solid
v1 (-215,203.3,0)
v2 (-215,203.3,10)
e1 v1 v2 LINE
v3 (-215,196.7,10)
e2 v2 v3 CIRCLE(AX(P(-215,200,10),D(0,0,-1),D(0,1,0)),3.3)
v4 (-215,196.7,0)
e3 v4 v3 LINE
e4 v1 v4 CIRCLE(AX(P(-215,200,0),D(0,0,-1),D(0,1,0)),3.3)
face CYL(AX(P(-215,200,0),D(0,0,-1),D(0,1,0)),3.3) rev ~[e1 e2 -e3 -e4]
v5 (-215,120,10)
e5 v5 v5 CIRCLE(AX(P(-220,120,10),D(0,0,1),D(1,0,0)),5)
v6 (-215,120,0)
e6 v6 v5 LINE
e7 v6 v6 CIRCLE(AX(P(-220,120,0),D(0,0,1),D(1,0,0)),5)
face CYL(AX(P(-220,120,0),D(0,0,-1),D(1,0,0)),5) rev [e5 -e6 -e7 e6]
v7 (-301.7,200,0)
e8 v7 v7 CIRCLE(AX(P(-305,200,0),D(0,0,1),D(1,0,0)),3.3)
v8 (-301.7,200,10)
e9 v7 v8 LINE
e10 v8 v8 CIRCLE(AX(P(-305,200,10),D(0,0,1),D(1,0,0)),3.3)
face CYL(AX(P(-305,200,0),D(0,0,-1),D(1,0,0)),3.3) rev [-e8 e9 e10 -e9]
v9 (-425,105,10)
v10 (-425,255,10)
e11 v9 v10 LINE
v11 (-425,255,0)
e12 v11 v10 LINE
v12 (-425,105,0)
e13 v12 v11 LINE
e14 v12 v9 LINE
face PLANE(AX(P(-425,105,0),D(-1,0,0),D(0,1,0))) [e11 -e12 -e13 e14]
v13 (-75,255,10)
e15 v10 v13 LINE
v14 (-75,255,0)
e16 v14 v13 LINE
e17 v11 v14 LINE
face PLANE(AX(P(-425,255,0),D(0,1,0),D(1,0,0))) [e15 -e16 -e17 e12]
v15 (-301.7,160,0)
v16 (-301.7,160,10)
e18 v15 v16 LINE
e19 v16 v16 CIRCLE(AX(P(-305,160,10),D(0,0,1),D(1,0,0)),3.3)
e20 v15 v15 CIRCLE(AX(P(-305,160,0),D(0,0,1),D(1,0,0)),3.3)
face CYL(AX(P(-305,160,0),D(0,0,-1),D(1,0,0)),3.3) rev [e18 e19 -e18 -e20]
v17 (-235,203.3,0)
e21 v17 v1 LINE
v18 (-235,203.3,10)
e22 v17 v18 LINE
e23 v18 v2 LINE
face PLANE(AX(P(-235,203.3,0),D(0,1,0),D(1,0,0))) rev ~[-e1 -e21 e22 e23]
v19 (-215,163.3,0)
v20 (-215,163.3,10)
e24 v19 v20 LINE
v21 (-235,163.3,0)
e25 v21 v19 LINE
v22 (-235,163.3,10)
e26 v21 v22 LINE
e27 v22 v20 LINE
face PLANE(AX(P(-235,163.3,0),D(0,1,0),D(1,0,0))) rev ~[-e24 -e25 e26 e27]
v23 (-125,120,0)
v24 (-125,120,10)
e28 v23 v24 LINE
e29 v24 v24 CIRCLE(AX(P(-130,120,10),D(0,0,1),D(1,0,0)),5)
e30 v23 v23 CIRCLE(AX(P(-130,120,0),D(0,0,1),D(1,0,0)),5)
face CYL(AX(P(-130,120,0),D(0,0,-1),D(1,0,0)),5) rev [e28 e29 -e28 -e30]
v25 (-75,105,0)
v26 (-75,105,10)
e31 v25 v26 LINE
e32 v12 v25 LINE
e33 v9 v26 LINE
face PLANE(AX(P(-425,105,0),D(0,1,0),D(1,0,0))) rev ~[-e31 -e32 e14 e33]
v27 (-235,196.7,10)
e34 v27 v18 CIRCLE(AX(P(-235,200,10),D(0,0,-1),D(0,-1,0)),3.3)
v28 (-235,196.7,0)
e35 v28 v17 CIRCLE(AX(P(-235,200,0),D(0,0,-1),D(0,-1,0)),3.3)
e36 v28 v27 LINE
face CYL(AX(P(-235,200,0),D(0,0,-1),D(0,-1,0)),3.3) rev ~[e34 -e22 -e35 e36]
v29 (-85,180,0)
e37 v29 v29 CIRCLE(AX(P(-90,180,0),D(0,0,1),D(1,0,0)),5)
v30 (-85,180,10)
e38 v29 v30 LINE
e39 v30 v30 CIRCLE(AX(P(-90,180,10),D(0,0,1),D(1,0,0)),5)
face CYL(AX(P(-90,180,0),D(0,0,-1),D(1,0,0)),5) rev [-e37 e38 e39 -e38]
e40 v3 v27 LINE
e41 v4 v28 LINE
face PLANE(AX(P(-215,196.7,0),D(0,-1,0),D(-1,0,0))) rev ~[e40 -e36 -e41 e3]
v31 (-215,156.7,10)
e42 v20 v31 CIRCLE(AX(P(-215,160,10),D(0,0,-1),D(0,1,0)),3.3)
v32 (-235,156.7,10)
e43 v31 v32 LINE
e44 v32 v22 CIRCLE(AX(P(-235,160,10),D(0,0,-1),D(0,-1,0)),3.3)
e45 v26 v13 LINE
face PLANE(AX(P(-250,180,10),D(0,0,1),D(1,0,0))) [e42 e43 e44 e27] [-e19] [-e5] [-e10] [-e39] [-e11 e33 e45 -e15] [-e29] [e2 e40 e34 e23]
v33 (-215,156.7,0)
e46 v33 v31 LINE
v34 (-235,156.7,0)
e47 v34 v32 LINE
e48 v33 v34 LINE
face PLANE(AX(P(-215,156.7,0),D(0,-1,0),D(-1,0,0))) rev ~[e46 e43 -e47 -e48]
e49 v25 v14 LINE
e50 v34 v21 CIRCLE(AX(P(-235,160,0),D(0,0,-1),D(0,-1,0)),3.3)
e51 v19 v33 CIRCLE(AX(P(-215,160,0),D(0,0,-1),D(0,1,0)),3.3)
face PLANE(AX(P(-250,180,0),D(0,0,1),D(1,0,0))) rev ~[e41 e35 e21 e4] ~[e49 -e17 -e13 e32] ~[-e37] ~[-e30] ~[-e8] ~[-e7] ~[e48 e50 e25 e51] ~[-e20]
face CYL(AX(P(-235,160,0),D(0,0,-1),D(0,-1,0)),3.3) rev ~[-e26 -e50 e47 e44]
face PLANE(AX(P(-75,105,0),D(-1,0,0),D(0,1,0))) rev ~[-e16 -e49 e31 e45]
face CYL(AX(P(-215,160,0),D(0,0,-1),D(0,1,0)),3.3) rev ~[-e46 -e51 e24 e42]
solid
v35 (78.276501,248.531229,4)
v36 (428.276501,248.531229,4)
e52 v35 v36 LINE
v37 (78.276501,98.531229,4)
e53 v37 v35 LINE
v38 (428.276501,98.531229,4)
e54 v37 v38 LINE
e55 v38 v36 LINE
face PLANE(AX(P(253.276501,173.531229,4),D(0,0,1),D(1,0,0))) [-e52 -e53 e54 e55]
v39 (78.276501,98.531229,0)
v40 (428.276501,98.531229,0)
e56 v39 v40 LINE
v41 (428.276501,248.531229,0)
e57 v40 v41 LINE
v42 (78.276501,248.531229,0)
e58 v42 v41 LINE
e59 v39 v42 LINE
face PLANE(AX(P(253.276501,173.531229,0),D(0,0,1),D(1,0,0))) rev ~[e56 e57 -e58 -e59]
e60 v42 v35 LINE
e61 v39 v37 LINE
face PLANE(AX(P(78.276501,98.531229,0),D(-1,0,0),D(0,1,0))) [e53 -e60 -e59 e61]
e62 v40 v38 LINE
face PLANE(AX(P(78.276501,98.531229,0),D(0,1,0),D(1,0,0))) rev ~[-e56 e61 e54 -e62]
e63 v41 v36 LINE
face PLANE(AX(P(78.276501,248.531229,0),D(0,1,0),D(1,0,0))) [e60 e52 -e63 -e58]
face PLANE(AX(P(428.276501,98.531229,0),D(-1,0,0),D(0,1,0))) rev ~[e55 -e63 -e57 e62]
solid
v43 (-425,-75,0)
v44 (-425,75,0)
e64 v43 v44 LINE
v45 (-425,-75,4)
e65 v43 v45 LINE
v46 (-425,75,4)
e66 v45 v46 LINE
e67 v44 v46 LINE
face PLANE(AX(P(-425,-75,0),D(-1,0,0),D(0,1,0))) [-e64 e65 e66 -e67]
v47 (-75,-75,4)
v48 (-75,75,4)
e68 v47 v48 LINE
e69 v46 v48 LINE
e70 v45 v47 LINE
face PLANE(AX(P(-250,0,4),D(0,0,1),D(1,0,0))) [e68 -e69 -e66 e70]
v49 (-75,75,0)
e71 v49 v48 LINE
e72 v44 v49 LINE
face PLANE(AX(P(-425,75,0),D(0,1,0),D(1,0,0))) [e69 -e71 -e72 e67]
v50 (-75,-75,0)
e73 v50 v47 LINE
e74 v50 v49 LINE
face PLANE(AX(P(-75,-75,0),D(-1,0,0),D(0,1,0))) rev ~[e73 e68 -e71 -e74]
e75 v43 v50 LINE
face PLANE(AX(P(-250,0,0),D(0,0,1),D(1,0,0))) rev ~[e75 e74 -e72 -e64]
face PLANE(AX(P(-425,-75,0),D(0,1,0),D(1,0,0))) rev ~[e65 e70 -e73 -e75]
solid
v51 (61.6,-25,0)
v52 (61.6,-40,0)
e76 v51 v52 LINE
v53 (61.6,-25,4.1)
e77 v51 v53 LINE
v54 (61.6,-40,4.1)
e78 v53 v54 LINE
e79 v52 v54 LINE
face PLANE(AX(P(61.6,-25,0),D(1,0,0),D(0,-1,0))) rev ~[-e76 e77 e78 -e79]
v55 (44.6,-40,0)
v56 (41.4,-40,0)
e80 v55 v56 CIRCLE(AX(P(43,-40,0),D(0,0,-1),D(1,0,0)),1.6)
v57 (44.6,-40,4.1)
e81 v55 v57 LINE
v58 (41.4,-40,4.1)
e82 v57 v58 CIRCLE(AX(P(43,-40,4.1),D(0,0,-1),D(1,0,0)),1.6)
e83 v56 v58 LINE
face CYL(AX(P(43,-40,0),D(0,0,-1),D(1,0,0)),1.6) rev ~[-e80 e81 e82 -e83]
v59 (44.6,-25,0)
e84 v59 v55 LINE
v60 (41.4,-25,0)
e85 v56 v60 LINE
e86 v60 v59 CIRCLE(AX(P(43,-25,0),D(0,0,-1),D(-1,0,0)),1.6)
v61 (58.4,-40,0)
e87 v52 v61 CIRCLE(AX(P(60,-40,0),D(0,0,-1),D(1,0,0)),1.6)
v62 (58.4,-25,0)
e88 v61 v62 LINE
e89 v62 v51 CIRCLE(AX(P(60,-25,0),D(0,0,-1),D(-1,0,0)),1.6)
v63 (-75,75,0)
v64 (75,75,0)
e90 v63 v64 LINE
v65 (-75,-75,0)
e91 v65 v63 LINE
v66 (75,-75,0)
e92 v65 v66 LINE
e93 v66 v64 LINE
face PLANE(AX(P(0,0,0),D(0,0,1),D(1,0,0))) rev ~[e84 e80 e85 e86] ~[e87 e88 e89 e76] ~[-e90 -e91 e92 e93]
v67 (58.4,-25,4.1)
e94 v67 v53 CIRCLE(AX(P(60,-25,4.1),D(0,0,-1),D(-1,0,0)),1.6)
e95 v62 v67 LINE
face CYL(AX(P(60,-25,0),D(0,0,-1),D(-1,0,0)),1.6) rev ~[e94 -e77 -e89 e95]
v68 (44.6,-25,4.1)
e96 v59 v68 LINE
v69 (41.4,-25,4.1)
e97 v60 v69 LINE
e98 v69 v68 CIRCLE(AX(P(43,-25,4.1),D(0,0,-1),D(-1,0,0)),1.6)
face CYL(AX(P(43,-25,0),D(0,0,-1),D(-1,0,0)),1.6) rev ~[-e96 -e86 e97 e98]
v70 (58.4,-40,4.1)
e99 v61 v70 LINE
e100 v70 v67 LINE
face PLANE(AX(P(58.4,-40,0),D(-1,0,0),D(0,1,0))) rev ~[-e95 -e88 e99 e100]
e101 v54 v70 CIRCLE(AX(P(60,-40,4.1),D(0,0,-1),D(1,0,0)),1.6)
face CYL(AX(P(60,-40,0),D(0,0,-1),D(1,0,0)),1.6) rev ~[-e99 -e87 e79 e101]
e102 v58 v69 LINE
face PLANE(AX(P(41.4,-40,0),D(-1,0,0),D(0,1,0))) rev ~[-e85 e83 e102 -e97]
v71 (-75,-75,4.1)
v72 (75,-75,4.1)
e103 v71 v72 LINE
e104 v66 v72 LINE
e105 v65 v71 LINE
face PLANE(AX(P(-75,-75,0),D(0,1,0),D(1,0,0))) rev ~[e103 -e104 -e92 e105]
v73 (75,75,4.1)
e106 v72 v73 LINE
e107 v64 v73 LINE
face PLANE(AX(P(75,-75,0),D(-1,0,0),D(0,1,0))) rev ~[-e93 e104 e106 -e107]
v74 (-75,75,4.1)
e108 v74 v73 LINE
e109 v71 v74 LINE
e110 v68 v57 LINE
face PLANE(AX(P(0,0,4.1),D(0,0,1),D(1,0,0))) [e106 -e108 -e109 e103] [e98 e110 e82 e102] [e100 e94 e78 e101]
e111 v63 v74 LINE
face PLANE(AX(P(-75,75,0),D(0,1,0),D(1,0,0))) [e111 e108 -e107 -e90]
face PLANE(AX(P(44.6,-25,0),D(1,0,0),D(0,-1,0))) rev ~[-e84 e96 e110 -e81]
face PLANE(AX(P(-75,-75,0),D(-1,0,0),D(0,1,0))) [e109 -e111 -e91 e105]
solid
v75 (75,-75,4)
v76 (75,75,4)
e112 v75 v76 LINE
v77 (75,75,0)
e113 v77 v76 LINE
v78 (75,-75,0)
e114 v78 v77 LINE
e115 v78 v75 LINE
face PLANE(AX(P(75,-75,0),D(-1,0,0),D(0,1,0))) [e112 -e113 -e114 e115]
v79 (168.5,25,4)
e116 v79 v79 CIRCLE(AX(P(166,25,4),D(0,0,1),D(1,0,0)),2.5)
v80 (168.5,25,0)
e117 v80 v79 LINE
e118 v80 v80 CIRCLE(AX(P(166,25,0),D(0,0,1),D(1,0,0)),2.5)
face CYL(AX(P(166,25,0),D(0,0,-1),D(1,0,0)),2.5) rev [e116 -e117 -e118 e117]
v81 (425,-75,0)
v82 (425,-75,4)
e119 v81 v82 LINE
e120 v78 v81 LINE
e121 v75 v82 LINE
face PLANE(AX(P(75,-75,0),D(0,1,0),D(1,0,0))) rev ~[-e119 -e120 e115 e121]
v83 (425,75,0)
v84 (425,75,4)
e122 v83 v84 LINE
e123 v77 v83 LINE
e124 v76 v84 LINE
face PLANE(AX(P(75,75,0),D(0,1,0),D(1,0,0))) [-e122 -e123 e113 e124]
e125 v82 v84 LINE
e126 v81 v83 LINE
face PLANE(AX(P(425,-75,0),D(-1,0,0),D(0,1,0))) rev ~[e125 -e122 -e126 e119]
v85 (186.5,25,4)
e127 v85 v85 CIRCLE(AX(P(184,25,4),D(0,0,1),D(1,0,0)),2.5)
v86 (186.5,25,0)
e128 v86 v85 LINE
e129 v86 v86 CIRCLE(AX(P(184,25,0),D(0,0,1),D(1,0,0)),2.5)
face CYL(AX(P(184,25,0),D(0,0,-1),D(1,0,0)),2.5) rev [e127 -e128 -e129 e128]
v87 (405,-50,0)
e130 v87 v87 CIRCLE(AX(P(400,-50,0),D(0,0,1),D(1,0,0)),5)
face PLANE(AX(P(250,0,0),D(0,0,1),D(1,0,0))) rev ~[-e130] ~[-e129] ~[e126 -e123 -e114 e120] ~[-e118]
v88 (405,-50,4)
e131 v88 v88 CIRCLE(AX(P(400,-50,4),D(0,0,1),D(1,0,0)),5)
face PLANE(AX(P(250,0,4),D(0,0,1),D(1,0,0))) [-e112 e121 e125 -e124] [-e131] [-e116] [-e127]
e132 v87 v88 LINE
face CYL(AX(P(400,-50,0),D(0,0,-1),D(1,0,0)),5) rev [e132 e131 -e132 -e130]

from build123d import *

# Parameters (mm, degrees)
F0_W     = 350
F0_H     = 150
F0_R     = 5
F0_R_2   = 2.5
F1_DEPTH = 4
F0_W_2   = 150
F2_DEPTH = 4.1
F3_W     = 350
F3_H     = 150
F3_R     = 3.3
F3_R_2   = 5
F4_DEPTH = 10
F5_W     = 350
F5_H     = 150
F6_DEPTH = 4


with BuildPart() as f1:
    # F0 (on Top) → F1 (new body)
    with BuildSketch(Plane.XY):
        with Locations((-250, 0)):
            Rectangle(F0_W, F0_H)
        with Locations((250, 0)):
            Rectangle(F0_W, F0_H)
        with Locations((400, -50)):
            Circle(F0_R, mode=Mode.SUBTRACT)
        with Locations((166, 25)):
            Circle(F0_R_2, mode=Mode.SUBTRACT)
        with Locations((184, 25)):
            Circle(F0_R_2, mode=Mode.SUBTRACT)
    extrude(amount=F1_DEPTH)


with BuildPart() as f2:
    # F0 (on Top) → F2 (new body)
    with BuildSketch(Plane.XY):
        Rectangle(F0_W_2, F0_H)
        with BuildLine():
            Line((44.6, -25), (44.6, -40))
            ThreePointArc((44.6, -40), (43, -41.6), (41.4, -40))
            Line((41.4, -40), (41.4, -25))
            ThreePointArc((41.4, -25), (43, -23.4), (44.6, -25))
        make_face(mode=Mode.SUBTRACT)
        with BuildLine():
            Line((61.6, -25), (61.6, -40))
            ThreePointArc((61.6, -40), (60, -41.6), (58.4, -40))
            Line((58.4, -40), (58.4, -25))
            ThreePointArc((58.4, -25), (60, -23.4), (61.6, -25))
        make_face(mode=Mode.SUBTRACT)
    extrude(amount=F2_DEPTH)


with BuildPart() as f4:
    # F3 (on Top) → F4 (new body)
    with BuildSketch(Plane.XY):
        with Locations((-250, 180)):
            Rectangle(F3_W, F3_H)
        with Locations((-305, 160)):
            Circle(F3_R, mode=Mode.SUBTRACT)
        with Locations((-220, 120)):
            Circle(F3_R_2, mode=Mode.SUBTRACT)
        with Locations((-130, 120)):
            Circle(F3_R_2, mode=Mode.SUBTRACT)
        with BuildLine():
            Line((-235, 163.3), (-215, 163.3))
            ThreePointArc((-215, 163.3), (-211.7, 160), (-215, 156.7))
            Line((-215, 156.7), (-235, 156.7))
            ThreePointArc((-235, 156.7), (-238.3, 160), (-235, 163.3))
        make_face(mode=Mode.SUBTRACT)
        with Locations((-305, 200)):
            Circle(F3_R, mode=Mode.SUBTRACT)
        with BuildLine():
            Line((-235, 203.3), (-215, 203.3))
            ThreePointArc((-215, 203.3), (-211.7, 200), (-215, 196.7))
            Line((-215, 196.7), (-235, 196.7))
            ThreePointArc((-235, 196.7), (-238.3, 200), (-235, 203.3))
        make_face(mode=Mode.SUBTRACT)
        with Locations((-90, 180)):
            Circle(F3_R_2, mode=Mode.SUBTRACT)
    extrude(amount=F4_DEPTH)


with BuildPart() as f6:
    # F5 (on Top) → F6 (new body)
    with BuildSketch(Plane.XY):
        with Locations((253.276501, 173.531229)):
            Rectangle(F5_W, F5_H)
    extrude(amount=F6_DEPTH)


solid = Compound([f1.part, f2.part, f4.part, f6.part])
